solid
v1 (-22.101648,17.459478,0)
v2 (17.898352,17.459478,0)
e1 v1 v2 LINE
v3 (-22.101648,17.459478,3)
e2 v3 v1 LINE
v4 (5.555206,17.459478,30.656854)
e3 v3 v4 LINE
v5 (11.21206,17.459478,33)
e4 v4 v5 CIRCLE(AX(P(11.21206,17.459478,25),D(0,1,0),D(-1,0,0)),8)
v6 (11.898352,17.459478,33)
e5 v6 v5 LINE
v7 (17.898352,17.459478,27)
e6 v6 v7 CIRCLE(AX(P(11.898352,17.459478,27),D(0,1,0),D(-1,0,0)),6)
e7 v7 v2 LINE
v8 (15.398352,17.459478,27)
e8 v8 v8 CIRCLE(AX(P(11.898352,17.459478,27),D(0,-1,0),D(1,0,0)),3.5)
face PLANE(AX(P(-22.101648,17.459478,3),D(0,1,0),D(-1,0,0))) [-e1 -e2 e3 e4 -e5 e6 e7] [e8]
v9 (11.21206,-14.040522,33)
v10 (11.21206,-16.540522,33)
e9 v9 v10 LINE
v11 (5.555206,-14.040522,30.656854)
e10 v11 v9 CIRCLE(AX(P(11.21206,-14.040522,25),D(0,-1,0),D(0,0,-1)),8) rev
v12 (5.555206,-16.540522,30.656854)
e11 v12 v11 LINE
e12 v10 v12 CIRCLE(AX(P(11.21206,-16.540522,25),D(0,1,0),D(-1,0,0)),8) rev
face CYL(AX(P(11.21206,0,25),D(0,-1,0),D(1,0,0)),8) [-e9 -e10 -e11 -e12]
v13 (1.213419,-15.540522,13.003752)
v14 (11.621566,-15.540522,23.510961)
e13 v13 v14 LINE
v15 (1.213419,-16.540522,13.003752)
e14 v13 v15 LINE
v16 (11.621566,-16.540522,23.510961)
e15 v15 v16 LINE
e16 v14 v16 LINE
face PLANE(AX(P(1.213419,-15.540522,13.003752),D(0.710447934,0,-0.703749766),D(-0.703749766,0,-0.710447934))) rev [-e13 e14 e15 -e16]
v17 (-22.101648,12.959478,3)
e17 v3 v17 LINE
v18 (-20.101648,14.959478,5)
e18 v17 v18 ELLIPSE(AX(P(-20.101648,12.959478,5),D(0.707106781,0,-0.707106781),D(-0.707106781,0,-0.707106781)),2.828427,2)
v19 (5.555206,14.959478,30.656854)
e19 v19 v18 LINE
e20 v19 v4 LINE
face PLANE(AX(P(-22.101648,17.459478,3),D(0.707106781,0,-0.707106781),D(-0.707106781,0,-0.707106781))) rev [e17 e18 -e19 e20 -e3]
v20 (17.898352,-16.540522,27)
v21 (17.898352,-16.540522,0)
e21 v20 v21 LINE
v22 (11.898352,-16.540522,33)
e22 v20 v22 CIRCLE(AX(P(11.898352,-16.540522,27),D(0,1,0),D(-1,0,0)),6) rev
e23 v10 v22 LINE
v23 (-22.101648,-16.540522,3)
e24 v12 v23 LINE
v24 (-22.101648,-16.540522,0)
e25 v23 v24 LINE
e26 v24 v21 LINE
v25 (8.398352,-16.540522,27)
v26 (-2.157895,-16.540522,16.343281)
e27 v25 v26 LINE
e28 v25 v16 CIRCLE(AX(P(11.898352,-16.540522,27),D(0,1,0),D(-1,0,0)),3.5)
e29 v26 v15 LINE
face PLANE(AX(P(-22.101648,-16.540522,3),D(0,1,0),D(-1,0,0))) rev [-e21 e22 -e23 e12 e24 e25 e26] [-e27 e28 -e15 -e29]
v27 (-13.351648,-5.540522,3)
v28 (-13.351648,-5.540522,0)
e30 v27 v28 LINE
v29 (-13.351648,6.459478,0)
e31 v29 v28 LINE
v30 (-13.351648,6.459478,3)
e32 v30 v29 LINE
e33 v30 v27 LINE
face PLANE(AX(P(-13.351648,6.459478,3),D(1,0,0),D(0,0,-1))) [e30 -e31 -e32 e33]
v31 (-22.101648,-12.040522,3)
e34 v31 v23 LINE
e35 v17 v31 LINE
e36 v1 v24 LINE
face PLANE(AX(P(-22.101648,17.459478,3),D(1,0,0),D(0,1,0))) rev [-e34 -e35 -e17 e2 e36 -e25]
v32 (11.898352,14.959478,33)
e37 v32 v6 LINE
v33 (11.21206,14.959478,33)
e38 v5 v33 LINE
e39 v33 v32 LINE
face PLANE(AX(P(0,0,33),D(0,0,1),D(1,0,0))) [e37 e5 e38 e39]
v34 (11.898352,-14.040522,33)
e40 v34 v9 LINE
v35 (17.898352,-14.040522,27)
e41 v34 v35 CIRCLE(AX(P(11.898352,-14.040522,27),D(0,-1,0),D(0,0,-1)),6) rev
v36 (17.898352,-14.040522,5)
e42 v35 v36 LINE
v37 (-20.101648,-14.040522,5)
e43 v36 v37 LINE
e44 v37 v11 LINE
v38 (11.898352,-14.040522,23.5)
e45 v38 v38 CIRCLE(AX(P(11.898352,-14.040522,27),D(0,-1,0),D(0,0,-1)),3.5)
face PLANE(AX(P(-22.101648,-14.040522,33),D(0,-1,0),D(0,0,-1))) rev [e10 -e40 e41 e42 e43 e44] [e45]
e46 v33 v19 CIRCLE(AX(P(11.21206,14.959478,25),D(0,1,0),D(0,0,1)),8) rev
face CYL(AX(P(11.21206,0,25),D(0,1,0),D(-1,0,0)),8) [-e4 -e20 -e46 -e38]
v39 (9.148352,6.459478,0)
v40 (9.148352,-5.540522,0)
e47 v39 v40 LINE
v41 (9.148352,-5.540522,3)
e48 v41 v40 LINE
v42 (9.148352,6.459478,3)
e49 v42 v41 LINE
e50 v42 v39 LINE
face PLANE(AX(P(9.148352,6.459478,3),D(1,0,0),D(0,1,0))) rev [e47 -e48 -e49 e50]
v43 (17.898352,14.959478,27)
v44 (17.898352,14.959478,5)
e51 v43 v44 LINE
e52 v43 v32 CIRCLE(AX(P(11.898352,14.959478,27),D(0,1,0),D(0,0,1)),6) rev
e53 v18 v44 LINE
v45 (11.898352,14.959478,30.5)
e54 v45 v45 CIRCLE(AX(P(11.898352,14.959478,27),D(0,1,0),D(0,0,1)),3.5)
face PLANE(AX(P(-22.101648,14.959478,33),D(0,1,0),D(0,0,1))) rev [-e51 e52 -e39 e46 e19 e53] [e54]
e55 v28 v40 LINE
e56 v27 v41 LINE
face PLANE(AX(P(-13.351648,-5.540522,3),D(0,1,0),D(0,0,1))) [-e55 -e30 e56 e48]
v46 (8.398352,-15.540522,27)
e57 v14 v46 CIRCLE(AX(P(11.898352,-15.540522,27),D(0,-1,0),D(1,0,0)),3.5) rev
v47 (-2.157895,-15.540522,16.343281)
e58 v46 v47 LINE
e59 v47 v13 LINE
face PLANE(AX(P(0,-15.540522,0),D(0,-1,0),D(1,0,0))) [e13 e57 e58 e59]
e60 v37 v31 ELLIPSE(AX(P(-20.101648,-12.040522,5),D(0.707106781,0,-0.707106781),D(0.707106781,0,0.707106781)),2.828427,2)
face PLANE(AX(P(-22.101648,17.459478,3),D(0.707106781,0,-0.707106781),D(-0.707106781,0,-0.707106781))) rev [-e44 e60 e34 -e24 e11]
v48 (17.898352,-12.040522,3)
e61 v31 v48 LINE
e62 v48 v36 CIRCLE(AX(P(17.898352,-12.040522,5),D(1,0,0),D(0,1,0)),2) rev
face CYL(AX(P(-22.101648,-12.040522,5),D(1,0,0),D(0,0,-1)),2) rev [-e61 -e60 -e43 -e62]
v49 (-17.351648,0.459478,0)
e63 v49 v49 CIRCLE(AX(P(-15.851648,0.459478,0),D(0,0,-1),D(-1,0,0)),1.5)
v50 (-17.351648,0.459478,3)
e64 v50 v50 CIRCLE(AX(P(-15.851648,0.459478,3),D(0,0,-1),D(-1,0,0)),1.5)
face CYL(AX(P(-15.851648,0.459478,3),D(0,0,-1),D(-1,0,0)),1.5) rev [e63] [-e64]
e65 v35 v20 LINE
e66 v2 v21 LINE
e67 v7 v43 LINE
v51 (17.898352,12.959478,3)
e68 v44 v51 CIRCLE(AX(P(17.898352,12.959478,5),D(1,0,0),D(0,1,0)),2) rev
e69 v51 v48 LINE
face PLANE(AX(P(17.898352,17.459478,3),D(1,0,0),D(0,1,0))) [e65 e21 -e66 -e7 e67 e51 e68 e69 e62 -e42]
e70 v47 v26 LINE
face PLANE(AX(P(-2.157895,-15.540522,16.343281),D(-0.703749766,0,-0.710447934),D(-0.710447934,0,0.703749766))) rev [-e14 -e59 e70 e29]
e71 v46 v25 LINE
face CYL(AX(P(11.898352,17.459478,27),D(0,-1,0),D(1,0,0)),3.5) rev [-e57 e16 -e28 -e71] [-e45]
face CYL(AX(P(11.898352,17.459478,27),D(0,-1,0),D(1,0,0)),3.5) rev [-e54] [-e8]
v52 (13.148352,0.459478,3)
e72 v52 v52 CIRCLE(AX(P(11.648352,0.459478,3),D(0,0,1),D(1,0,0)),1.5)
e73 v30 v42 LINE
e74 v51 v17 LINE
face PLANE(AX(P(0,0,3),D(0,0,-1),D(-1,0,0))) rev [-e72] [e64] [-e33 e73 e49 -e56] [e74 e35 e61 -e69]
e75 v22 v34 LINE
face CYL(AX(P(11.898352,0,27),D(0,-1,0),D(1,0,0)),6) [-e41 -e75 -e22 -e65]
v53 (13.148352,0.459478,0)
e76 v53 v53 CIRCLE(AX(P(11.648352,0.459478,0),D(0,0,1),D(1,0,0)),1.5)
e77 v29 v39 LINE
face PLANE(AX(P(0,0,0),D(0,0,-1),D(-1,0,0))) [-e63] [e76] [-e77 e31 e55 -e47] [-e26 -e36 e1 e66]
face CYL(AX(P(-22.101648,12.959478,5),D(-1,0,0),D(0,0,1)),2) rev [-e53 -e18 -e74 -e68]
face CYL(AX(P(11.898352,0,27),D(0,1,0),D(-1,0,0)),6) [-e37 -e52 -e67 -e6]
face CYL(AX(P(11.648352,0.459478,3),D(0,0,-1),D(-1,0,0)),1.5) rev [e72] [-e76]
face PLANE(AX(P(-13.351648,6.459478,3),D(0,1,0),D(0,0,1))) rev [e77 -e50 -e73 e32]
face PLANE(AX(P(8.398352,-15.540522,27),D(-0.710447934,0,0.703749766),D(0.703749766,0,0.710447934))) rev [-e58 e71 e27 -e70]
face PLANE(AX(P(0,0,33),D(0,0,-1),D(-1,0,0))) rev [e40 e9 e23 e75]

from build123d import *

# Parameters (mm, degrees)
ESBO_O1_W                  = 40
ESBO_O1_H                  = 34
ESBO_O1_R                  = 1.5
ESBO_O1_W_2                = 22.5
ESBO_O1_H_2                = 12
RESSALTO_EXTRUS_O1_DEPTH   = 3
ESBO_O2_W                  = 40
ESBO_O2_H                  = 2.5
RESSALTO_EXTRUS_O2_DEPTH   = 30
CORTE_EXTRUS_O1_DEPTH      = 53.282720471
CORTE_EXTRUS_O1_DEPTH_BACK = 53.282720471
ESBO_O3_R                  = 3.5
FILETE1_R                  = 6
FILETE2_R                  = 2
CORTE_EXTRUS_O2_DEPTH      = 1
FILETE4_R                  = 8


with BuildPart() as part:
    # Esboço1 → Ressalto-extrusão1 (new body)
    with BuildSketch(Plane.XY):
        with Locations((-2.101648352, 0.459478022)):
            Rectangle(ESBO_O1_W, ESBO_O1_H)
        with Locations((11.648351648, 0.459478022)):
            Circle(ESBO_O1_R, mode=Mode.SUBTRACT)
        with Locations(Location((-15.851648352, 0.459478022, 0), (0, 0, 180))):
            Circle(ESBO_O1_R, mode=Mode.SUBTRACT)
        with Locations((-2.101648352, 0.459478022)):
            Rectangle(ESBO_O1_W_2, ESBO_O1_H_2, mode=Mode.SUBTRACT)
    extrude(amount=RESSALTO_EXTRUS_O1_DEPTH)

    # Esboço2 → Ressalto-extrusão2 (add)
    with BuildSketch(Plane.XY.offset(3)):
        with Locations((-2.101648352, 16.209478022)):
            Rectangle(ESBO_O2_W, ESBO_O2_H)
        with Locations((-2.101648352, -15.290521978)):
            Rectangle(ESBO_O2_W, ESBO_O2_H)
    extrude(amount=RESSALTO_EXTRUS_O2_DEPTH)

    # Esboço3 → Corte-extrusão1 (cut, two sides: drawn at the far end of the back side and taken through both)
    with BuildSketch(Plane.XZ.offset(16.540521978).offset(-CORTE_EXTRUS_O1_DEPTH_BACK)):
        with Locations(Location((11.898351648, 27, 0), (0, 0, 270))):
            Circle(ESBO_O3_R)
        Polygon((-22.101648352, 3), (7.898351648, 33), (-22.101648352, 33), align=None)
    extrude(amount=CORTE_EXTRUS_O1_DEPTH + CORTE_EXTRUS_O1_DEPTH_BACK, mode=Mode.SUBTRACT)

    # Filete1
    filete1_edges = [part.edges().sort_by_distance(p)[0] for p in [
        (17.898351648, 16.209478022, 33),
        (17.898351648, -15.290521978, 33),
    ]]
    fillet(filete1_edges, radius=FILETE1_R)

    # Filete2
    filete2_edges = [part.edges().sort_by_distance(p)[0] for p in [
        (-2.101648352, 14.959478022, 3),
        (-2.101648352, -14.040521978, 3),
    ]]
    fillet(filete2_edges, radius=FILETE2_R)

    # Esboço4 → Corte-extrusão2 (cut)
    with BuildSketch(Plane.XZ.offset(16.540521978)):
        Polygon((8.398351648, 27), (-2.157894846, 16.343280995), (1.213419281, 13.003751923), (11.621565934, 23.510961498), align=None)
    extrude(amount=-CORTE_EXTRUS_O2_DEPTH, mode=Mode.SUBTRACT)

    # Filete4
    filete4_edges = [part.edges().sort_by_distance(p)[0] for p in [
        (7.898351648, -15.290521978, 33),
        (7.898351648, 16.209478022, 33),
    ]]
    fillet(filete4_edges, radius=FILETE4_R)


solid = part.part
